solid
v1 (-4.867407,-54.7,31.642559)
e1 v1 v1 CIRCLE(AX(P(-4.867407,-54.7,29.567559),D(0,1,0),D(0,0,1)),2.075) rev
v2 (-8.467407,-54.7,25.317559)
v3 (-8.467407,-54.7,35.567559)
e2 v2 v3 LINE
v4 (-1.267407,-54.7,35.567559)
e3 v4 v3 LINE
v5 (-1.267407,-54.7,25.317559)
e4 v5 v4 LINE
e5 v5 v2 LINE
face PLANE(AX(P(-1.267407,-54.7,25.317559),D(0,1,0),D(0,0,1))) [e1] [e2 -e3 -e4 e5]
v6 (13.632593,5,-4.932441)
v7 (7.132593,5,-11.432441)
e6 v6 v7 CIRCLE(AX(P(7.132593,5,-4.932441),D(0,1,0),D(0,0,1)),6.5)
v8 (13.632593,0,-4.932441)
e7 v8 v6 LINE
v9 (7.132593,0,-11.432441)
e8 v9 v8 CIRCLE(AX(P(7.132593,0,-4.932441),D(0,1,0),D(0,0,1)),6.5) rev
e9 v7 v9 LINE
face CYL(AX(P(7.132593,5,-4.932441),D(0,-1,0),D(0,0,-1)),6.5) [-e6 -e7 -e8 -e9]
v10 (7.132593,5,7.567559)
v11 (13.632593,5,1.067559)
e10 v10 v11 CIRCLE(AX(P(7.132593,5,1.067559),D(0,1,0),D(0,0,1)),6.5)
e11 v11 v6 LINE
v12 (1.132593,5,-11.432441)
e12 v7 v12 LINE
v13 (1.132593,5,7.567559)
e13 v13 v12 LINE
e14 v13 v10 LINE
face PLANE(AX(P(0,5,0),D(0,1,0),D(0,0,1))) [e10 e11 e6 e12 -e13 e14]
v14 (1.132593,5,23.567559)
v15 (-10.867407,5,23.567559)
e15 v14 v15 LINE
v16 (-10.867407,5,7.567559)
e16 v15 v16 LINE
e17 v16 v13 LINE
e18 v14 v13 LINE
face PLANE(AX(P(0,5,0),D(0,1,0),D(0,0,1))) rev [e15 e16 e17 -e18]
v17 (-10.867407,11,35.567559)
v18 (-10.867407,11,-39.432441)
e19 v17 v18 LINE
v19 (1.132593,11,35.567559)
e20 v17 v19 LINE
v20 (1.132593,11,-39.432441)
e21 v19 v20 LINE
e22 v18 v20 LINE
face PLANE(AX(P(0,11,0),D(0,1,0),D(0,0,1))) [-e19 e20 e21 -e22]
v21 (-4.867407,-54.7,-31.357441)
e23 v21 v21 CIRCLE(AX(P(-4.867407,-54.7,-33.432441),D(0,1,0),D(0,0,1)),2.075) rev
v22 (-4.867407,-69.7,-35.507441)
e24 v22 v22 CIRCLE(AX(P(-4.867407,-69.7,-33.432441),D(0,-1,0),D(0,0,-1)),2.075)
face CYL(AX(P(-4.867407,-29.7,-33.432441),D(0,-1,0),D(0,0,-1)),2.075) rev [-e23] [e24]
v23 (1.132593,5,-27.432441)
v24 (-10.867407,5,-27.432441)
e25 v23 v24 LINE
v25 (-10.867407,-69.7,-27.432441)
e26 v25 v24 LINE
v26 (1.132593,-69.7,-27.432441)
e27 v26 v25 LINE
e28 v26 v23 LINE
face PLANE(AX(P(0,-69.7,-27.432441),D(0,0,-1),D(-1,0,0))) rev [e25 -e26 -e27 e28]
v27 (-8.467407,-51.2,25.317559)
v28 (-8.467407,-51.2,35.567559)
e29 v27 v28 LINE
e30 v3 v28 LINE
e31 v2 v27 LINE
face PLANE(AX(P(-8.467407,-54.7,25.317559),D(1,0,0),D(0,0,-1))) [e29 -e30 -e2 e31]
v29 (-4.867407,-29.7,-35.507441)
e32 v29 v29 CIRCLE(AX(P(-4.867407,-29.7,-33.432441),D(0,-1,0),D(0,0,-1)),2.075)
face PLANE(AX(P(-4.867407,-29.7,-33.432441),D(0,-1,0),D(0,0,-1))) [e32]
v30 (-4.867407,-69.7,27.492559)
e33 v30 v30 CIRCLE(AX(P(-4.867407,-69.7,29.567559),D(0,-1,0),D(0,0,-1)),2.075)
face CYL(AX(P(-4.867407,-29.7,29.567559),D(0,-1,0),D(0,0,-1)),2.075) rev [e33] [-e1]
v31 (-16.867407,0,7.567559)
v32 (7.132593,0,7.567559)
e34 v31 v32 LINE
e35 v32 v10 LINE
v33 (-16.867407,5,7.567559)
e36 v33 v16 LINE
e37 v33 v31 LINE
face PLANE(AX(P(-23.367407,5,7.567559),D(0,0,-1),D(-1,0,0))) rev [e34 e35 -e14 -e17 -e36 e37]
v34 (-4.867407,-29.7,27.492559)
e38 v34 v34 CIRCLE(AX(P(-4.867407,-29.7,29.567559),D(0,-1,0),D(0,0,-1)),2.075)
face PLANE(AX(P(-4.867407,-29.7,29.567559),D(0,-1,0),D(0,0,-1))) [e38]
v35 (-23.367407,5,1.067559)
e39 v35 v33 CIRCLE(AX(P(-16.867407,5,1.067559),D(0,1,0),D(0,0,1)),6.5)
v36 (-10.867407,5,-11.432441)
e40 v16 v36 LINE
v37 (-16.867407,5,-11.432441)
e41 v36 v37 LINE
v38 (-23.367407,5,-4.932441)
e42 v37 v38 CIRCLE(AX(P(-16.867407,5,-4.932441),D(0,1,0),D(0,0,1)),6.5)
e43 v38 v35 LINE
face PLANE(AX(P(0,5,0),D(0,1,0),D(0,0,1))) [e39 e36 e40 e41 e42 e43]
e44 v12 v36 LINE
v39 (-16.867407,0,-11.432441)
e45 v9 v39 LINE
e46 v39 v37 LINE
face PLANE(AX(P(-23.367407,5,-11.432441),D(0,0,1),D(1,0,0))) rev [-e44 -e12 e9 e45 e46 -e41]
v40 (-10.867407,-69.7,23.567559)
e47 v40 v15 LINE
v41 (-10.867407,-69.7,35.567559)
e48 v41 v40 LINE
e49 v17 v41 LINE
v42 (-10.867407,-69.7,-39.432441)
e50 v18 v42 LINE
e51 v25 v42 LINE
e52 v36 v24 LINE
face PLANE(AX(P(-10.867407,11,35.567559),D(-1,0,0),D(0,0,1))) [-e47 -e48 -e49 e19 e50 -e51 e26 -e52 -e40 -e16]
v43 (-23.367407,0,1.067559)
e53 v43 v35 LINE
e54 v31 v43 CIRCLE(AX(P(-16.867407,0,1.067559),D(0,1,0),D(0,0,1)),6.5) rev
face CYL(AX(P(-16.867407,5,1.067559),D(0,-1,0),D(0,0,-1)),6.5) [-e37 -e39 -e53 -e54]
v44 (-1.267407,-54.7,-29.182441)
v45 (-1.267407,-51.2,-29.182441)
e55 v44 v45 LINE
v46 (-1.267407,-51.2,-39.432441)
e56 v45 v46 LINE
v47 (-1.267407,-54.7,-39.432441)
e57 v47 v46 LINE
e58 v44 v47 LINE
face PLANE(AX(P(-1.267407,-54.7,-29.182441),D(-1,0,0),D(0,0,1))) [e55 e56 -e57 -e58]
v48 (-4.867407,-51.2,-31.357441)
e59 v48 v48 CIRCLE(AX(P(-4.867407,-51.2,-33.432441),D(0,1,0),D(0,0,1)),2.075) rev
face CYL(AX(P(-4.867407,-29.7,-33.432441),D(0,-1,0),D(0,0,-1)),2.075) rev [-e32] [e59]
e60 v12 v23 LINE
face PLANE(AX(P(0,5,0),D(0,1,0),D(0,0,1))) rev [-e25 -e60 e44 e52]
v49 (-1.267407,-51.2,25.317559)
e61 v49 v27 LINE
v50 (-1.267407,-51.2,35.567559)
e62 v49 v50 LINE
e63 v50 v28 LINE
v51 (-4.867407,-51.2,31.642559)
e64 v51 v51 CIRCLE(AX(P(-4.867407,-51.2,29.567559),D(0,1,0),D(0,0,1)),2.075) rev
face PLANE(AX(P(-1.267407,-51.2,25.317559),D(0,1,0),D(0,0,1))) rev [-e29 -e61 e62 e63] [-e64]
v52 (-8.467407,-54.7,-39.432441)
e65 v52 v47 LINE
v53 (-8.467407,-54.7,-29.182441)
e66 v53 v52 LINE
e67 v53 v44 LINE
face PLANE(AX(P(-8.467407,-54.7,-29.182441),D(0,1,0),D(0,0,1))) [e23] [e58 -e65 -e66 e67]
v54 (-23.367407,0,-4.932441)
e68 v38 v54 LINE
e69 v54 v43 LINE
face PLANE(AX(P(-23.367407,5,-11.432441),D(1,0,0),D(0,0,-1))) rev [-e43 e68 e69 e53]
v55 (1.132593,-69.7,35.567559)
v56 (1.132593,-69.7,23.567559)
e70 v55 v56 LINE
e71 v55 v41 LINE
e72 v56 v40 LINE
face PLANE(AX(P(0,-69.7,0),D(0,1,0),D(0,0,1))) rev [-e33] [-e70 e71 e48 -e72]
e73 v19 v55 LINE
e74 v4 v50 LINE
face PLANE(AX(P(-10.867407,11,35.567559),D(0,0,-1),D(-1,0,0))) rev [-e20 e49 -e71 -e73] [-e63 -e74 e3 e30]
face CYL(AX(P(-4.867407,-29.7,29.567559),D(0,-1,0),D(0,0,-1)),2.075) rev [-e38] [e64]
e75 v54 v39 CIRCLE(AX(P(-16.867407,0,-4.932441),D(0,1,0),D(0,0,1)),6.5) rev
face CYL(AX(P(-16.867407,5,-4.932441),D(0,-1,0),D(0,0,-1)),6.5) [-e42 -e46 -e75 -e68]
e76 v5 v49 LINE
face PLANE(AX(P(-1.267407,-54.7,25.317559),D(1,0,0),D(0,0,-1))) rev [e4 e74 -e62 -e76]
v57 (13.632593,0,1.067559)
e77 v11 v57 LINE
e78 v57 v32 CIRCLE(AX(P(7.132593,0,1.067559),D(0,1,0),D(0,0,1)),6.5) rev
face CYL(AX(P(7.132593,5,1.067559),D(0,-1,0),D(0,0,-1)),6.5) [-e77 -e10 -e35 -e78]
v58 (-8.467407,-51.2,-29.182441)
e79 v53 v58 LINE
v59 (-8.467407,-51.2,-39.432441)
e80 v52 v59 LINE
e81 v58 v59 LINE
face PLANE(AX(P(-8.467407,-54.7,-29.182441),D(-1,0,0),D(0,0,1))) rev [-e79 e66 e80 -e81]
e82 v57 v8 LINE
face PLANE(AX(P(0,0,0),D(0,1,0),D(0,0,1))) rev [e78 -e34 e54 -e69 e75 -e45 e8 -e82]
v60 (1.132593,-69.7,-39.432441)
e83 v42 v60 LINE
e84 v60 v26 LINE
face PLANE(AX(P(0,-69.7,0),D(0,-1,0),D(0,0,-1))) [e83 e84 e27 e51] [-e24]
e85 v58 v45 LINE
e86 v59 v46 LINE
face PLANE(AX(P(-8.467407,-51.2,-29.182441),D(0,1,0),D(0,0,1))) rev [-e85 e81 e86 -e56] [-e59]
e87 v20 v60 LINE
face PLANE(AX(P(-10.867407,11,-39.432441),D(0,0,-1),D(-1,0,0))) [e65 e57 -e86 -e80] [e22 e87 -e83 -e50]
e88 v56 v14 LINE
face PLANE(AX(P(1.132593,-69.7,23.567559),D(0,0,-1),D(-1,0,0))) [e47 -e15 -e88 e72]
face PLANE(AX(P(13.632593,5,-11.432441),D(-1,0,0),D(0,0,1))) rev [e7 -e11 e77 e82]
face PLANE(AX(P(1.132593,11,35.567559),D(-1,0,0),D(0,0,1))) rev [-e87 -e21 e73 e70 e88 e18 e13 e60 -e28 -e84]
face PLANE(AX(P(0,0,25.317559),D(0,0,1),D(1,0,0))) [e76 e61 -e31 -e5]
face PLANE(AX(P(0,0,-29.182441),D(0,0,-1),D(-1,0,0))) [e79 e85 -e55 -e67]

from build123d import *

# Parameters (mm, degrees)
ESQUISSE1_W             = 37
ESQUISSE1_H             = 19
BOSS_EXTRU_1_DEPTH      = 5
CONG_1_R                = 6.5
ESQUISSE4_W             = 12
ESQUISSE4_H             = 75
BOSS_EXTRU_2_DEPTH      = 6
ESQUISSE5_W             = 12
ESQUISSE5_H             = 12
BOSS_EXTRU_3_DEPTH      = 74.7
ESQUISSE6_R             = 2.075
ENL_V_MAT_EXTRU_1_DEPTH = 40
ESQUISSE7_W             = 7.2
ESQUISSE7_H             = 3.5
ENL_V_MAT_EXTRU_2_DEPTH = 10.25
ESQUISSE8_W             = 7.2
ESQUISSE8_H             = 3.5
ENL_V_MAT_EXTRU_3_DEPTH = 10.25


with BuildPart() as part:
    # Esquisse1 → Boss.-Extru.1 (new body)
    with BuildSketch(Plane(origin=(0, 0, 0), x_dir=(1, 0, 0), z_dir=(0, 1, 0))):
        with Locations((-4.867406947, 1.932441033)):
            Rectangle(ESQUISSE1_W, ESQUISSE1_H)
    extrude(amount=BOSS_EXTRU_1_DEPTH)

    # Congé1
    cong_1_edges = [part.edges().sort_by_distance(p)[0] for p in [
        (-23.367406947, 2.5, -11.432441033),
        (13.632593053, 2.5, -11.432441033),
        (13.632593053, 2.5, 7.567558967),
        (-23.367406947, 2.5, 7.567558967),
    ]]
    fillet(cong_1_edges, radius=CONG_1_R)

    # Esquisse4 → Boss.-Extru.2 (add)
    with BuildSketch(Plane(origin=(0, 5, 0), x_dir=(1, 0, 0), z_dir=(0, 1, 0))):
        with Locations((-4.867406947, 1.932441033)):
            Rectangle(ESQUISSE4_W, ESQUISSE4_H)
    extrude(amount=BOSS_EXTRU_2_DEPTH)

    # Esquisse5 → Boss.-Extru.3 (add)
    with BuildSketch(Plane(origin=(0, 5, 0), x_dir=(-1, 0, 0), z_dir=(0, -1, 0))):
        with Locations((4.867406947, 33.432441033)):
            Rectangle(ESQUISSE5_W, ESQUISSE5_H)
        with Locations((4.867406947, -29.567558967)):
            Rectangle(ESQUISSE5_W, ESQUISSE5_H)
    extrude(amount=BOSS_EXTRU_3_DEPTH)

    # Esquisse6 → Enlèv. mat.-Extru.1 (cut)
    with BuildSketch(Plane.XZ.offset(69.7)):
        with Locations(Location((-4.867406947, 29.567558967, 0), (0, 0, 270))):
            Circle(ESQUISSE6_R)
        with Locations(Location((-4.867406947, -33.432441033, 0), (0, 0, 270))):
            Circle(ESQUISSE6_R)
    extrude(amount=-ENL_V_MAT_EXTRU_1_DEPTH, mode=Mode.SUBTRACT)

    # Esquisse7 → Enlèv. mat.-Extru.2 (cut)
    with BuildSketch(Plane.XY.offset(35.567558967)):
        with Locations((-4.867406947, -52.95)):
            Rectangle(ESQUISSE7_W, ESQUISSE7_H)
    extrude(amount=-ENL_V_MAT_EXTRU_2_DEPTH, mode=Mode.SUBTRACT)

    # Esquisse8 → Enlèv. mat.-Extru.3 (cut)
    with BuildSketch(Plane(origin=(0, 0, -39.432441033), x_dir=(-1, 0, 0), z_dir=(0, 0, -1))):
        with Locations((4.867406947, -52.95)):
            Rectangle(ESQUISSE8_W, ESQUISSE8_H)
    extrude(amount=-ENL_V_MAT_EXTRU_3_DEPTH, mode=Mode.SUBTRACT)


solid = part.part
